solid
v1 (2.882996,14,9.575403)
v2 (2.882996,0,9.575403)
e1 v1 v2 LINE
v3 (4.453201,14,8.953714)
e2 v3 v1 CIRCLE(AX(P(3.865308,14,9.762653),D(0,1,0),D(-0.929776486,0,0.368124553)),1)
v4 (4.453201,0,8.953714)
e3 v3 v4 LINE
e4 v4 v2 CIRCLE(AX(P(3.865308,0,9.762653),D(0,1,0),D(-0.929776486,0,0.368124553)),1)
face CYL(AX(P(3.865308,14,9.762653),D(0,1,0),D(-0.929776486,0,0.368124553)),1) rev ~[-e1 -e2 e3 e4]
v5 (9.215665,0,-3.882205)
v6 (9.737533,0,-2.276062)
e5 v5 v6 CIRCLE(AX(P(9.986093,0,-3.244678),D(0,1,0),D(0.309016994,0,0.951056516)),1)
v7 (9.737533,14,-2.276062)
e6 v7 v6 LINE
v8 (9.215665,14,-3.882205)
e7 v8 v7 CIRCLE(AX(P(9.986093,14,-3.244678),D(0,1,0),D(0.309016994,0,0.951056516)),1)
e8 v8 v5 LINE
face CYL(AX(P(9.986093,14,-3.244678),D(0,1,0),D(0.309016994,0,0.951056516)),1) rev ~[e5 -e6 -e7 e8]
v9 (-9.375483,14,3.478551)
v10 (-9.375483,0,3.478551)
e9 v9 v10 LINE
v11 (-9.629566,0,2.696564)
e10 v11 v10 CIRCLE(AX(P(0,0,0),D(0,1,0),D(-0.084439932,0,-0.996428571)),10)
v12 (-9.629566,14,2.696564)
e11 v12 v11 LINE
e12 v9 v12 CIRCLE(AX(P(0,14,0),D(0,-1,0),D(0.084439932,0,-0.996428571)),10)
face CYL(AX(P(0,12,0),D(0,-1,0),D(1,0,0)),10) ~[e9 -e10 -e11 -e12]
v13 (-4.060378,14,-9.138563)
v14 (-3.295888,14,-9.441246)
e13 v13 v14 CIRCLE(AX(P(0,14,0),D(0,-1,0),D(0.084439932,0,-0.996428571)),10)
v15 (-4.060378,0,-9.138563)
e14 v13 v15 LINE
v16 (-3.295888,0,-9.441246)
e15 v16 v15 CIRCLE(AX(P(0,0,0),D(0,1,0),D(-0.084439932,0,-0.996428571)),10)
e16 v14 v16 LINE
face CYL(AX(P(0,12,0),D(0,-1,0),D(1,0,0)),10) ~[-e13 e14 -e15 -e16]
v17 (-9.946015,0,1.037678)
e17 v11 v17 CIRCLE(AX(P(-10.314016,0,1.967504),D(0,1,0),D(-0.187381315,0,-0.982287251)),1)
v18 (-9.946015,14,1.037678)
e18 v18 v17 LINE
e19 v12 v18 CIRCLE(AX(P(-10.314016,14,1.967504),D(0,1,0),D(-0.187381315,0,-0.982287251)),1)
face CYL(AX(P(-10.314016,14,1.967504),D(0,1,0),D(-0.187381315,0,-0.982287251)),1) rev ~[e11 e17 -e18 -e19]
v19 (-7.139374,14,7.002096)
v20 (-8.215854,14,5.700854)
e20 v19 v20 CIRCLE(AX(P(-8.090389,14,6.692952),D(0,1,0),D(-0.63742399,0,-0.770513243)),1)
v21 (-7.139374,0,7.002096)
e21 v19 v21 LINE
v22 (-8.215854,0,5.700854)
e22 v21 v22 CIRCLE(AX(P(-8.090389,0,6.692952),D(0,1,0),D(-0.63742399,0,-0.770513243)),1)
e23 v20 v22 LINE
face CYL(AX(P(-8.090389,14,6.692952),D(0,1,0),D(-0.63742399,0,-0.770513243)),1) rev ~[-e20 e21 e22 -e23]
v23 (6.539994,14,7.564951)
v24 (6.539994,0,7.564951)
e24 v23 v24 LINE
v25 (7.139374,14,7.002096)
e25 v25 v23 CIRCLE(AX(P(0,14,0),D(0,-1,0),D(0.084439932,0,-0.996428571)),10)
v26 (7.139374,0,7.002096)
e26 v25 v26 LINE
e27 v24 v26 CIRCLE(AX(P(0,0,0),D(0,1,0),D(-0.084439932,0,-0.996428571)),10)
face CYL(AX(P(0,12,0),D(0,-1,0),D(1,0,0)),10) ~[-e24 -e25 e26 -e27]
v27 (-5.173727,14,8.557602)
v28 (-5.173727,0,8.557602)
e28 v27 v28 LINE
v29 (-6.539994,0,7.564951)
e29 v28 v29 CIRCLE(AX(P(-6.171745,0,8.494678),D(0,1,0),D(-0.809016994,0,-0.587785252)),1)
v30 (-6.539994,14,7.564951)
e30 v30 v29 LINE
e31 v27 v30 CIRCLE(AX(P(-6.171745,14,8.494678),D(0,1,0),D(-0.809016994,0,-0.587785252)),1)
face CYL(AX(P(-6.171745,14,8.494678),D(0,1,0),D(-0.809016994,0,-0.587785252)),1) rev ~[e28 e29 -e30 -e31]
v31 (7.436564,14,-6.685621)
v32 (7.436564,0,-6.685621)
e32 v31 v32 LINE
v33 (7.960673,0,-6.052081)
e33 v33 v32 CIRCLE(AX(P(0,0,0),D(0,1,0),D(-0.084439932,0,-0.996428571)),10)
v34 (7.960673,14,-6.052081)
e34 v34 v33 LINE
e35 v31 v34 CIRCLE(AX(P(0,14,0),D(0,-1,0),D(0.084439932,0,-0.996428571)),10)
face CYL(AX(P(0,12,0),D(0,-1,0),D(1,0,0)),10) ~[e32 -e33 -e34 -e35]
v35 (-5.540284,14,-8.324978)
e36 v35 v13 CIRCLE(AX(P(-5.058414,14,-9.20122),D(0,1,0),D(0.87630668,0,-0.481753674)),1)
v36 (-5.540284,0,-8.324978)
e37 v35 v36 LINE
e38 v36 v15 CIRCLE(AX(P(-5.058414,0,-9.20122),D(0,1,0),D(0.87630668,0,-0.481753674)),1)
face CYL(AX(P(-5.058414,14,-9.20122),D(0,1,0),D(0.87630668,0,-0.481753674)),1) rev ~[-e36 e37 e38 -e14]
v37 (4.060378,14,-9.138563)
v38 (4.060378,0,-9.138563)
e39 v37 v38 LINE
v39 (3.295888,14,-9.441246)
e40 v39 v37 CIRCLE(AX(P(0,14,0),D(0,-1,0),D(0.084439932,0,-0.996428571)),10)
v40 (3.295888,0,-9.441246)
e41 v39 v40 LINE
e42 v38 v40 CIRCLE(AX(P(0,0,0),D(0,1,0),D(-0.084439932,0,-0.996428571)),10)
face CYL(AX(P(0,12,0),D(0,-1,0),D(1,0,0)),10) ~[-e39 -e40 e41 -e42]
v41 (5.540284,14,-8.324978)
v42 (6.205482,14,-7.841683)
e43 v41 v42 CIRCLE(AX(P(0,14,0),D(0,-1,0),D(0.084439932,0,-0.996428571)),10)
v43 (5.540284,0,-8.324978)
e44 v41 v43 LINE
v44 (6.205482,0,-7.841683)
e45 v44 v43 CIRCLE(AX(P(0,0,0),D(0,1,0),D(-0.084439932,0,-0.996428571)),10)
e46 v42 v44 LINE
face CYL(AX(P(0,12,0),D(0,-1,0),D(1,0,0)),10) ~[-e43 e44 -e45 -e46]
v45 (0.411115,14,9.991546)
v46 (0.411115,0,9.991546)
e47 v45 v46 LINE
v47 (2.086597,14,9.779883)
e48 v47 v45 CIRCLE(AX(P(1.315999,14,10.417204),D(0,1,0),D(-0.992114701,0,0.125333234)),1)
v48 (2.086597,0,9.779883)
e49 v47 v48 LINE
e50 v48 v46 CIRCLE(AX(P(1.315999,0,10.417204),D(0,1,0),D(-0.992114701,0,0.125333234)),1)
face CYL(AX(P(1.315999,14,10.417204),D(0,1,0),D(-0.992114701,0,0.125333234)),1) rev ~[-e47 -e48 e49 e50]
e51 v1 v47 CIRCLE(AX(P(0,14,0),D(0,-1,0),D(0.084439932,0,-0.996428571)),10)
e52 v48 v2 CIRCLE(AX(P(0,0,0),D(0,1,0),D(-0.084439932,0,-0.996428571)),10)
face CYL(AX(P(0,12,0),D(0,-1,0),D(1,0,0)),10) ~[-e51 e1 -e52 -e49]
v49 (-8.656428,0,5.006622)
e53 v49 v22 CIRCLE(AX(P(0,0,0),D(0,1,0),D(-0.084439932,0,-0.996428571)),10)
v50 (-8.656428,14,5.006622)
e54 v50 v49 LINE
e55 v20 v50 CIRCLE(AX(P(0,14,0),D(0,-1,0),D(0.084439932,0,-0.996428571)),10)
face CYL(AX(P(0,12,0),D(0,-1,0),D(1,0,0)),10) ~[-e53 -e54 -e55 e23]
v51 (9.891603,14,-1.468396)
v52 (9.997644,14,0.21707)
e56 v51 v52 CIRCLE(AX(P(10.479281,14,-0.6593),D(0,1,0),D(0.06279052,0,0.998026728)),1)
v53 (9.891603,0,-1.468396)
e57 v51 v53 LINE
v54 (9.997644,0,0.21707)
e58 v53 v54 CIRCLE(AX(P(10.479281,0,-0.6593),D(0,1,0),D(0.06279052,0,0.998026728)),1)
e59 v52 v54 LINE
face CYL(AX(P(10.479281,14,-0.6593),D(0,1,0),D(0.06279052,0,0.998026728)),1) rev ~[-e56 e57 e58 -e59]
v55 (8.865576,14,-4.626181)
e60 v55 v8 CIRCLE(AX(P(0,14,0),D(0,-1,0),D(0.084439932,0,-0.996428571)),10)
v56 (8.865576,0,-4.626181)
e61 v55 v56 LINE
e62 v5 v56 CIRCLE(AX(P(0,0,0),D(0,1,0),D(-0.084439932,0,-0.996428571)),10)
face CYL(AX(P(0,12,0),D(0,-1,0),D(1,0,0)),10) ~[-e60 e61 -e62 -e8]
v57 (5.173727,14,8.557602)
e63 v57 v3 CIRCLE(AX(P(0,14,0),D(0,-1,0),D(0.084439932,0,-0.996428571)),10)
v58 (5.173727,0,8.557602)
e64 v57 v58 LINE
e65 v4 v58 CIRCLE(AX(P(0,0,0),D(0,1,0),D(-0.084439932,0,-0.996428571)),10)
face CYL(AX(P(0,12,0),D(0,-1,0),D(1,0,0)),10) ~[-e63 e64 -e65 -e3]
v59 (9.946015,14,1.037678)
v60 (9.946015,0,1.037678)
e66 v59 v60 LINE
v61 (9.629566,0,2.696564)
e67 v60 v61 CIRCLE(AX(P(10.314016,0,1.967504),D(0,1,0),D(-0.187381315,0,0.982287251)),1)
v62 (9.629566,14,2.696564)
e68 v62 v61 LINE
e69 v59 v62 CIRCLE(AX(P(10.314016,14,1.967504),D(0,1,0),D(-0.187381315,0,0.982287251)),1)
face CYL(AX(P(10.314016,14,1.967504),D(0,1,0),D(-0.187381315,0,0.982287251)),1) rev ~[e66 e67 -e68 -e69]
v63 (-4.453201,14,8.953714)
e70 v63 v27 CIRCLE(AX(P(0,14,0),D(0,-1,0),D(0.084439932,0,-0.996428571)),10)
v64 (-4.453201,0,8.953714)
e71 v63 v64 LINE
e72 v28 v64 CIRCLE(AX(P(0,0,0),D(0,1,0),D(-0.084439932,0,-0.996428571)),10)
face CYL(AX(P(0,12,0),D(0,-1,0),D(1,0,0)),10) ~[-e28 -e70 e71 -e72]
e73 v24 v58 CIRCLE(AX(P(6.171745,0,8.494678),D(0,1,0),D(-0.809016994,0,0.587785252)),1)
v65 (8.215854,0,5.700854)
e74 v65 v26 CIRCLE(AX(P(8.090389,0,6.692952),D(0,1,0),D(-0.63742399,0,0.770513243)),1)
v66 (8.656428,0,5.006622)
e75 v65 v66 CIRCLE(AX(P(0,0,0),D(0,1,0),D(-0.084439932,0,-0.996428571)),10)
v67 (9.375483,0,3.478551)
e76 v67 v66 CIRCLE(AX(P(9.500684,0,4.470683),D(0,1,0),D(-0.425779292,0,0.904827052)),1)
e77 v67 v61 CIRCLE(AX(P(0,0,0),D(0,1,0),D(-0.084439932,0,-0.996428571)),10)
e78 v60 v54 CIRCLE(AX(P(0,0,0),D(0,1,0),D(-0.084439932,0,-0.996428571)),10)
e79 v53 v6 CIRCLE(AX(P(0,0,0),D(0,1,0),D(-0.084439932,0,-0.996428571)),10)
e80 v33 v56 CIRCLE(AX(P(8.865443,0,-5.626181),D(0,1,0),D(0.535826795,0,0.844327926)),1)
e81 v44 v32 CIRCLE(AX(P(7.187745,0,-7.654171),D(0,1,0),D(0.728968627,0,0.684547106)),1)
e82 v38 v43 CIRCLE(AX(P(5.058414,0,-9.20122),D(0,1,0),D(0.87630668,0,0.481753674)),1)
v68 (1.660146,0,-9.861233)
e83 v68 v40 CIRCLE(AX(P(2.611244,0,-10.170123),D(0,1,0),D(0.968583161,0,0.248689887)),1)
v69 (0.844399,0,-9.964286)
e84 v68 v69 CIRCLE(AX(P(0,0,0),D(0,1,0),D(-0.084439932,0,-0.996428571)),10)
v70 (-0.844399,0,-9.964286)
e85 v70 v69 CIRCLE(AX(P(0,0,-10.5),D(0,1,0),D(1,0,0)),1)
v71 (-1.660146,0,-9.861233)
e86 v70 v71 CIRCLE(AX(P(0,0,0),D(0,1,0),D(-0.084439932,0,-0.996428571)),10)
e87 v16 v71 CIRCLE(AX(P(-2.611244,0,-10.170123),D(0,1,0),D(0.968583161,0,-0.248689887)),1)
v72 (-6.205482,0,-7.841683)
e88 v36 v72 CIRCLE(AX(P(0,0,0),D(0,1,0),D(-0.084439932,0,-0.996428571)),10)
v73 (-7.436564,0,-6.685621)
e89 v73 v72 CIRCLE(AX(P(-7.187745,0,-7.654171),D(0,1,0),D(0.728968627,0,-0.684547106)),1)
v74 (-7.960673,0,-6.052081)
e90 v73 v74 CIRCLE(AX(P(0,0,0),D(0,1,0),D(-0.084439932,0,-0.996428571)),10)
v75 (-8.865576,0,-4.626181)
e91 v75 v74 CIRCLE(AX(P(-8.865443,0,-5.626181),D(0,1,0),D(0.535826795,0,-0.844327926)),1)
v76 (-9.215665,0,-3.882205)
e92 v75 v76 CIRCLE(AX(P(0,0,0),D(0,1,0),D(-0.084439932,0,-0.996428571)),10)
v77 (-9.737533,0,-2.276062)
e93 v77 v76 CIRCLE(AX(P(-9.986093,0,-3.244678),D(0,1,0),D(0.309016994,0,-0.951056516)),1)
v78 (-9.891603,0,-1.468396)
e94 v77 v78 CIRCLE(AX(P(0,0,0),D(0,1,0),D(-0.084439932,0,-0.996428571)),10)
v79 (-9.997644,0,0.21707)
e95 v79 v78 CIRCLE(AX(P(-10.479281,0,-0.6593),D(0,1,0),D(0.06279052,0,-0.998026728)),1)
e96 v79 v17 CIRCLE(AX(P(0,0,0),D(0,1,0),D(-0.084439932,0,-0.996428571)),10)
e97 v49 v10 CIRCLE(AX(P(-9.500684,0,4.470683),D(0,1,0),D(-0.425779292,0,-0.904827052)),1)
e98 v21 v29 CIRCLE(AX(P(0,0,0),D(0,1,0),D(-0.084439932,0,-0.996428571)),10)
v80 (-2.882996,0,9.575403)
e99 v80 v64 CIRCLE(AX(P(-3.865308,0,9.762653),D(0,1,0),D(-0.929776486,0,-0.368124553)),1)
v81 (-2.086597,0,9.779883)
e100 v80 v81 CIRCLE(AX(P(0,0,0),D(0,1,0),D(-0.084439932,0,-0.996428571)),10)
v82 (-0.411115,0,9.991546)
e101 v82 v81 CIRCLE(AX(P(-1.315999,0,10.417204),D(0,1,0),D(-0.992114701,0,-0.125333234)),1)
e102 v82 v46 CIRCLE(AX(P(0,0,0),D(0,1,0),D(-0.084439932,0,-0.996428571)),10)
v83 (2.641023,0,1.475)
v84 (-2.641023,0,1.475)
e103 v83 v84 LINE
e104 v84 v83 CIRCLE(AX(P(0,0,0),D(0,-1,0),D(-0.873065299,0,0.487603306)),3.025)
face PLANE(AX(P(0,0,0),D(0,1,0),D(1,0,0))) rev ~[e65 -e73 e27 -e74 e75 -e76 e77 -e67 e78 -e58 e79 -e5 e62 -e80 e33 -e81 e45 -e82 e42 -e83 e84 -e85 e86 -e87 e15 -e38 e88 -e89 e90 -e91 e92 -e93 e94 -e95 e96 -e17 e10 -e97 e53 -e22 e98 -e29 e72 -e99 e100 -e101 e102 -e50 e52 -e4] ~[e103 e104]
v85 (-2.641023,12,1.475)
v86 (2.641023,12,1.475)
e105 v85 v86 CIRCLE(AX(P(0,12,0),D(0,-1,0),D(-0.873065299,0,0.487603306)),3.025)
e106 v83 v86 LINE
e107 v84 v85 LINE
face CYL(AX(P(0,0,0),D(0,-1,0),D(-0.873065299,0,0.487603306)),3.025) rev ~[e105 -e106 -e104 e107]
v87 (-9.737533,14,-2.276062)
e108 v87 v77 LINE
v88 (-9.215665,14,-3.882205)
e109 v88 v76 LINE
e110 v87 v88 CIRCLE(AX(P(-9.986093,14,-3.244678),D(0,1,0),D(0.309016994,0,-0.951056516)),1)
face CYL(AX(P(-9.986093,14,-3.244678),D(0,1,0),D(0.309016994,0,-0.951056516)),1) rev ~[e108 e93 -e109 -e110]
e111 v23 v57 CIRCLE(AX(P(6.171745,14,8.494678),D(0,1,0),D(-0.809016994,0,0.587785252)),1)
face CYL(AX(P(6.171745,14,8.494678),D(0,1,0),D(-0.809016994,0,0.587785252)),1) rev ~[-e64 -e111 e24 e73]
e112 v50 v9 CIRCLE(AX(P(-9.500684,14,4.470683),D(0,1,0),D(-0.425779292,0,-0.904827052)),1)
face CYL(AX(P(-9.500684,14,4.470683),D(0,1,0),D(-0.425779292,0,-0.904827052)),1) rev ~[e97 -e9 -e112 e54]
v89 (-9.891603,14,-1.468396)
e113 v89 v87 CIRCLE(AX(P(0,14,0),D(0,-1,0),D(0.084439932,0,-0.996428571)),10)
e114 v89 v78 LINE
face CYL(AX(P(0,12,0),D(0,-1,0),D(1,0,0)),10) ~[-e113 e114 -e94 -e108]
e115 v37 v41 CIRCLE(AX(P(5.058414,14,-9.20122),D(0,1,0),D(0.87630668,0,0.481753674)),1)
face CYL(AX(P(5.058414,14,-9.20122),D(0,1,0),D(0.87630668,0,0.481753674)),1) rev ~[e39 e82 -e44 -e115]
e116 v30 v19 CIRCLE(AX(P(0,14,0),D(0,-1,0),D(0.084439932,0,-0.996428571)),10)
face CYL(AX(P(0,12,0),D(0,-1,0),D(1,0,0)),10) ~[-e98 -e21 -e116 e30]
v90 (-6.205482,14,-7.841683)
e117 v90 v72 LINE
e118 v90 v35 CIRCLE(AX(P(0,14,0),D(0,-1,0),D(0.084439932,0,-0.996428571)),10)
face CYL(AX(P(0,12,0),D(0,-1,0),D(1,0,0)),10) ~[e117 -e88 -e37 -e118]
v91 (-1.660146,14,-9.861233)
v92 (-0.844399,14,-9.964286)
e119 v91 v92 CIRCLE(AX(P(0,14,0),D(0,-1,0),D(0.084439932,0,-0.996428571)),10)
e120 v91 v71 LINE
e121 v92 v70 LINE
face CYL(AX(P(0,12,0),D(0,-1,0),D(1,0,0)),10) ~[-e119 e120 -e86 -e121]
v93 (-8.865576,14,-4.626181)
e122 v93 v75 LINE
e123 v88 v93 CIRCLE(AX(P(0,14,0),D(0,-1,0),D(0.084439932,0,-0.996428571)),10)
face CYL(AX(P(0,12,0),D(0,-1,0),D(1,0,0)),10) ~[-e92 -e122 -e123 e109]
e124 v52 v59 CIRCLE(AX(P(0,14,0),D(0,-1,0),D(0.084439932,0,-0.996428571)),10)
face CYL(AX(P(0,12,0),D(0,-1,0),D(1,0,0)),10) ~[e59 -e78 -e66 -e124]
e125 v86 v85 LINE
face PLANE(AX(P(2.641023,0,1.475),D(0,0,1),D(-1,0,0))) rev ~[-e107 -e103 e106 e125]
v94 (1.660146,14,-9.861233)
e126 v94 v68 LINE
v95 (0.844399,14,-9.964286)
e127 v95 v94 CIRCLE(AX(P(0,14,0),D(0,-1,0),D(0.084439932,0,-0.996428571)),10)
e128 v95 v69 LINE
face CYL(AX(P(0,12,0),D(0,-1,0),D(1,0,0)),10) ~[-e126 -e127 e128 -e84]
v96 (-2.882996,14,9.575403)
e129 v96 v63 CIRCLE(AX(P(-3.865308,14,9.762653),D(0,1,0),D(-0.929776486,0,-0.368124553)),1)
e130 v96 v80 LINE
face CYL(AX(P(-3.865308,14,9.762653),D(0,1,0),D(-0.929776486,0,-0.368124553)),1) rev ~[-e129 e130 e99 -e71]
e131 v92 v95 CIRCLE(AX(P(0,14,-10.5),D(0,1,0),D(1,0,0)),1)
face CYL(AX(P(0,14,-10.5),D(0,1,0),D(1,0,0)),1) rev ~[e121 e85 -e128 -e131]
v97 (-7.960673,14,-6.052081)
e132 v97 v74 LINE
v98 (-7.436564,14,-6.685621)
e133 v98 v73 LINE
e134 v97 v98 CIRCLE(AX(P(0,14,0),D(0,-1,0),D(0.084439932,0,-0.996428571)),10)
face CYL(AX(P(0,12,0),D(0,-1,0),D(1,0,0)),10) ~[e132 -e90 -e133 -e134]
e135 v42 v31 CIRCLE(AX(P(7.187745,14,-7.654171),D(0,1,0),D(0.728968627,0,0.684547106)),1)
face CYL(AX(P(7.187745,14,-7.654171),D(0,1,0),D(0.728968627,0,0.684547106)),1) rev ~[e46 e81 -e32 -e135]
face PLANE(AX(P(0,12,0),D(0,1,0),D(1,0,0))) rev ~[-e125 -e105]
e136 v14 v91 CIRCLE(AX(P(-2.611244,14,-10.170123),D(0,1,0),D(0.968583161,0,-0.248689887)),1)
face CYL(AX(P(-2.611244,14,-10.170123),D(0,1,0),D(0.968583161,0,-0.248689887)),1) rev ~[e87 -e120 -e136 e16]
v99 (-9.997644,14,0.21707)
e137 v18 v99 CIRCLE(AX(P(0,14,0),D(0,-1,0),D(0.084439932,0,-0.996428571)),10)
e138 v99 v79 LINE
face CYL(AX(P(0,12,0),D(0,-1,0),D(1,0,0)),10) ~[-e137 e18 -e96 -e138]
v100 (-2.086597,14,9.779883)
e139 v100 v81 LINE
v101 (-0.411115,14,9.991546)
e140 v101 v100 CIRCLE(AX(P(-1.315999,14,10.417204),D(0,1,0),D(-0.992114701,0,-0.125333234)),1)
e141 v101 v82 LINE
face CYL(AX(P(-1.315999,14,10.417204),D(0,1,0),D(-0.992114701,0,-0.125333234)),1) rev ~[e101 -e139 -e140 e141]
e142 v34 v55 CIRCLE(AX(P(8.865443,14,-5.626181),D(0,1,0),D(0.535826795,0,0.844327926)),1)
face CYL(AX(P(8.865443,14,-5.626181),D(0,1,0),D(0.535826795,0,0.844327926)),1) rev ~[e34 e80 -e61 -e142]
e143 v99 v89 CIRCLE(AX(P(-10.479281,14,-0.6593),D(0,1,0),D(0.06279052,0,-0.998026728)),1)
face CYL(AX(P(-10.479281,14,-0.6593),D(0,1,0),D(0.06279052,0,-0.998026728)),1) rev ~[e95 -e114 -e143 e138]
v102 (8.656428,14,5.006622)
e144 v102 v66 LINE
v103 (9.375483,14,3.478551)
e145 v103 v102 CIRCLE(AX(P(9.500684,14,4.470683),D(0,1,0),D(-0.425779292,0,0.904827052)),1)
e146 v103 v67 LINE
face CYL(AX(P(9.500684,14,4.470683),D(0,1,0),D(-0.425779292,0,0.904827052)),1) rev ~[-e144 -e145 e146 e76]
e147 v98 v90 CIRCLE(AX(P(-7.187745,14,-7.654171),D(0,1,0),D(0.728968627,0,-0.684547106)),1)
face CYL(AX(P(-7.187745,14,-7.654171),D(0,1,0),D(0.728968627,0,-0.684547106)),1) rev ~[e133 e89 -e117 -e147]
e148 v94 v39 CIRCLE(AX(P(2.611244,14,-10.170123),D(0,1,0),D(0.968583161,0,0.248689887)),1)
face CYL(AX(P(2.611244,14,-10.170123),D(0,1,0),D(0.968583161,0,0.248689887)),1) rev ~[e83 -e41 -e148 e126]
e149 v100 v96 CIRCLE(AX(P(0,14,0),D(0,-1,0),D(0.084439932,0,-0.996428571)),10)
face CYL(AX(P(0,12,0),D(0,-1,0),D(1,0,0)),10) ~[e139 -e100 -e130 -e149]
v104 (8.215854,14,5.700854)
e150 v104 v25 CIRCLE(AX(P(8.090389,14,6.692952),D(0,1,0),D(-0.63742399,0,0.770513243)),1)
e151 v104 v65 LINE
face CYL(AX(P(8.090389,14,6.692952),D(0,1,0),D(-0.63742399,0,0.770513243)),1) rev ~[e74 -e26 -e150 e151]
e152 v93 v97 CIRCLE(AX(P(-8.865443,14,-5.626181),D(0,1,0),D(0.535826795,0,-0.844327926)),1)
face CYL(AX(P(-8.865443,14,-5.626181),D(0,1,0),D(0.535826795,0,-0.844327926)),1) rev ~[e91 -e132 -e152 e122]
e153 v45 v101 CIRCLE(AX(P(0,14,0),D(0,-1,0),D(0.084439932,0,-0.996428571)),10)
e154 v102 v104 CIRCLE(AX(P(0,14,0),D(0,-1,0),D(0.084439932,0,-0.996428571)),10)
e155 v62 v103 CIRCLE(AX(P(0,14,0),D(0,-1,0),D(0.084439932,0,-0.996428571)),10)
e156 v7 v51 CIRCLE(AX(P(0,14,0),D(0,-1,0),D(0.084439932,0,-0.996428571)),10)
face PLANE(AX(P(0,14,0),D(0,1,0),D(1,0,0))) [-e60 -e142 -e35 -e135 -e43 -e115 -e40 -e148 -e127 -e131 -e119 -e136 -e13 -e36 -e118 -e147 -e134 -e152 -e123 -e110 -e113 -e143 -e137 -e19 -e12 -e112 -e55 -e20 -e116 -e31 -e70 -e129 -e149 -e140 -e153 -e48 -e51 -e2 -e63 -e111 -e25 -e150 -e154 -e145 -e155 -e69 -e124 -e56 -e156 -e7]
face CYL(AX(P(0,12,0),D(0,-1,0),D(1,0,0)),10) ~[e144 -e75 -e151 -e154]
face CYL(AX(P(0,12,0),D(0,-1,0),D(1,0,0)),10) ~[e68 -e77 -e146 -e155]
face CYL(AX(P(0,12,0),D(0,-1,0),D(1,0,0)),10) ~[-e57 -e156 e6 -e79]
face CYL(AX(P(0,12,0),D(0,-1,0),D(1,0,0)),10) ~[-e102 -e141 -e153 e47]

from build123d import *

# Parameters (mm, degrees)
ESQUISSE1_R                  = 10
BOSS_EXTRU_1_DEPTH           = 12
ESQUISSE2_R                  = 10
BOSS_EXTRU_2_DEPTH           = 2
ESQUISSE3_R                  = 1
ENL_V_MAT_EXTRU_1_DEPTH      = 15
R_P_TITION_CIRCULAIRE1_COUNT = 25


with BuildPart() as part:
    # Esquisse1 → Boss.-Extru.1 (new body)
    with BuildSketch(Plane(origin=(0, 0, 0), x_dir=(1, 0, 0), z_dir=(0, 1, 0))):
        Circle(ESQUISSE1_R)
        with BuildLine():
            Line((2.641022529, -1.475), (-2.641022529, -1.475))
            ThreePointArc((-2.641022529, -1.475), (0, 3.025), (2.641022529, -1.475))
        make_face(mode=Mode.SUBTRACT)
    extrude(amount=BOSS_EXTRU_1_DEPTH)

    # Esquisse2 → Boss.-Extru.2 (add)
    with BuildSketch(Plane(origin=(0, 12, 0), x_dir=(1, 0, 0), z_dir=(0, 1, 0))):
        Circle(ESQUISSE2_R)
    extrude(amount=BOSS_EXTRU_2_DEPTH)

    # Esquisse3 → Enlèv. mat.-Extru.1 (cut, through all)
    with BuildSketch(Plane(origin=(0, 14, 0), x_dir=(1, 0, 0), z_dir=(0, 1, 0))):
        with Locations((0, 10.5)):
            Circle(ESQUISSE3_R)
    enl_v_mat_extru_1 = extrude(amount=-ENL_V_MAT_EXTRU_1_DEPTH, mode=Mode.SUBTRACT)

    # Répétition circulaire1: Enlèv. mat.-Extru.1 ×25 about axis
    r_p_tition_circulaire1_axis = Axis((0, 0, 0), (0, 1, 0))
    for i in range(1, R_P_TITION_CIRCULAIRE1_COUNT):
        add(enl_v_mat_extru_1.rotate(r_p_tition_circulaire1_axis, i * 360 / R_P_TITION_CIRCULAIRE1_COUNT), mode=Mode.SUBTRACT)


solid = part.part
